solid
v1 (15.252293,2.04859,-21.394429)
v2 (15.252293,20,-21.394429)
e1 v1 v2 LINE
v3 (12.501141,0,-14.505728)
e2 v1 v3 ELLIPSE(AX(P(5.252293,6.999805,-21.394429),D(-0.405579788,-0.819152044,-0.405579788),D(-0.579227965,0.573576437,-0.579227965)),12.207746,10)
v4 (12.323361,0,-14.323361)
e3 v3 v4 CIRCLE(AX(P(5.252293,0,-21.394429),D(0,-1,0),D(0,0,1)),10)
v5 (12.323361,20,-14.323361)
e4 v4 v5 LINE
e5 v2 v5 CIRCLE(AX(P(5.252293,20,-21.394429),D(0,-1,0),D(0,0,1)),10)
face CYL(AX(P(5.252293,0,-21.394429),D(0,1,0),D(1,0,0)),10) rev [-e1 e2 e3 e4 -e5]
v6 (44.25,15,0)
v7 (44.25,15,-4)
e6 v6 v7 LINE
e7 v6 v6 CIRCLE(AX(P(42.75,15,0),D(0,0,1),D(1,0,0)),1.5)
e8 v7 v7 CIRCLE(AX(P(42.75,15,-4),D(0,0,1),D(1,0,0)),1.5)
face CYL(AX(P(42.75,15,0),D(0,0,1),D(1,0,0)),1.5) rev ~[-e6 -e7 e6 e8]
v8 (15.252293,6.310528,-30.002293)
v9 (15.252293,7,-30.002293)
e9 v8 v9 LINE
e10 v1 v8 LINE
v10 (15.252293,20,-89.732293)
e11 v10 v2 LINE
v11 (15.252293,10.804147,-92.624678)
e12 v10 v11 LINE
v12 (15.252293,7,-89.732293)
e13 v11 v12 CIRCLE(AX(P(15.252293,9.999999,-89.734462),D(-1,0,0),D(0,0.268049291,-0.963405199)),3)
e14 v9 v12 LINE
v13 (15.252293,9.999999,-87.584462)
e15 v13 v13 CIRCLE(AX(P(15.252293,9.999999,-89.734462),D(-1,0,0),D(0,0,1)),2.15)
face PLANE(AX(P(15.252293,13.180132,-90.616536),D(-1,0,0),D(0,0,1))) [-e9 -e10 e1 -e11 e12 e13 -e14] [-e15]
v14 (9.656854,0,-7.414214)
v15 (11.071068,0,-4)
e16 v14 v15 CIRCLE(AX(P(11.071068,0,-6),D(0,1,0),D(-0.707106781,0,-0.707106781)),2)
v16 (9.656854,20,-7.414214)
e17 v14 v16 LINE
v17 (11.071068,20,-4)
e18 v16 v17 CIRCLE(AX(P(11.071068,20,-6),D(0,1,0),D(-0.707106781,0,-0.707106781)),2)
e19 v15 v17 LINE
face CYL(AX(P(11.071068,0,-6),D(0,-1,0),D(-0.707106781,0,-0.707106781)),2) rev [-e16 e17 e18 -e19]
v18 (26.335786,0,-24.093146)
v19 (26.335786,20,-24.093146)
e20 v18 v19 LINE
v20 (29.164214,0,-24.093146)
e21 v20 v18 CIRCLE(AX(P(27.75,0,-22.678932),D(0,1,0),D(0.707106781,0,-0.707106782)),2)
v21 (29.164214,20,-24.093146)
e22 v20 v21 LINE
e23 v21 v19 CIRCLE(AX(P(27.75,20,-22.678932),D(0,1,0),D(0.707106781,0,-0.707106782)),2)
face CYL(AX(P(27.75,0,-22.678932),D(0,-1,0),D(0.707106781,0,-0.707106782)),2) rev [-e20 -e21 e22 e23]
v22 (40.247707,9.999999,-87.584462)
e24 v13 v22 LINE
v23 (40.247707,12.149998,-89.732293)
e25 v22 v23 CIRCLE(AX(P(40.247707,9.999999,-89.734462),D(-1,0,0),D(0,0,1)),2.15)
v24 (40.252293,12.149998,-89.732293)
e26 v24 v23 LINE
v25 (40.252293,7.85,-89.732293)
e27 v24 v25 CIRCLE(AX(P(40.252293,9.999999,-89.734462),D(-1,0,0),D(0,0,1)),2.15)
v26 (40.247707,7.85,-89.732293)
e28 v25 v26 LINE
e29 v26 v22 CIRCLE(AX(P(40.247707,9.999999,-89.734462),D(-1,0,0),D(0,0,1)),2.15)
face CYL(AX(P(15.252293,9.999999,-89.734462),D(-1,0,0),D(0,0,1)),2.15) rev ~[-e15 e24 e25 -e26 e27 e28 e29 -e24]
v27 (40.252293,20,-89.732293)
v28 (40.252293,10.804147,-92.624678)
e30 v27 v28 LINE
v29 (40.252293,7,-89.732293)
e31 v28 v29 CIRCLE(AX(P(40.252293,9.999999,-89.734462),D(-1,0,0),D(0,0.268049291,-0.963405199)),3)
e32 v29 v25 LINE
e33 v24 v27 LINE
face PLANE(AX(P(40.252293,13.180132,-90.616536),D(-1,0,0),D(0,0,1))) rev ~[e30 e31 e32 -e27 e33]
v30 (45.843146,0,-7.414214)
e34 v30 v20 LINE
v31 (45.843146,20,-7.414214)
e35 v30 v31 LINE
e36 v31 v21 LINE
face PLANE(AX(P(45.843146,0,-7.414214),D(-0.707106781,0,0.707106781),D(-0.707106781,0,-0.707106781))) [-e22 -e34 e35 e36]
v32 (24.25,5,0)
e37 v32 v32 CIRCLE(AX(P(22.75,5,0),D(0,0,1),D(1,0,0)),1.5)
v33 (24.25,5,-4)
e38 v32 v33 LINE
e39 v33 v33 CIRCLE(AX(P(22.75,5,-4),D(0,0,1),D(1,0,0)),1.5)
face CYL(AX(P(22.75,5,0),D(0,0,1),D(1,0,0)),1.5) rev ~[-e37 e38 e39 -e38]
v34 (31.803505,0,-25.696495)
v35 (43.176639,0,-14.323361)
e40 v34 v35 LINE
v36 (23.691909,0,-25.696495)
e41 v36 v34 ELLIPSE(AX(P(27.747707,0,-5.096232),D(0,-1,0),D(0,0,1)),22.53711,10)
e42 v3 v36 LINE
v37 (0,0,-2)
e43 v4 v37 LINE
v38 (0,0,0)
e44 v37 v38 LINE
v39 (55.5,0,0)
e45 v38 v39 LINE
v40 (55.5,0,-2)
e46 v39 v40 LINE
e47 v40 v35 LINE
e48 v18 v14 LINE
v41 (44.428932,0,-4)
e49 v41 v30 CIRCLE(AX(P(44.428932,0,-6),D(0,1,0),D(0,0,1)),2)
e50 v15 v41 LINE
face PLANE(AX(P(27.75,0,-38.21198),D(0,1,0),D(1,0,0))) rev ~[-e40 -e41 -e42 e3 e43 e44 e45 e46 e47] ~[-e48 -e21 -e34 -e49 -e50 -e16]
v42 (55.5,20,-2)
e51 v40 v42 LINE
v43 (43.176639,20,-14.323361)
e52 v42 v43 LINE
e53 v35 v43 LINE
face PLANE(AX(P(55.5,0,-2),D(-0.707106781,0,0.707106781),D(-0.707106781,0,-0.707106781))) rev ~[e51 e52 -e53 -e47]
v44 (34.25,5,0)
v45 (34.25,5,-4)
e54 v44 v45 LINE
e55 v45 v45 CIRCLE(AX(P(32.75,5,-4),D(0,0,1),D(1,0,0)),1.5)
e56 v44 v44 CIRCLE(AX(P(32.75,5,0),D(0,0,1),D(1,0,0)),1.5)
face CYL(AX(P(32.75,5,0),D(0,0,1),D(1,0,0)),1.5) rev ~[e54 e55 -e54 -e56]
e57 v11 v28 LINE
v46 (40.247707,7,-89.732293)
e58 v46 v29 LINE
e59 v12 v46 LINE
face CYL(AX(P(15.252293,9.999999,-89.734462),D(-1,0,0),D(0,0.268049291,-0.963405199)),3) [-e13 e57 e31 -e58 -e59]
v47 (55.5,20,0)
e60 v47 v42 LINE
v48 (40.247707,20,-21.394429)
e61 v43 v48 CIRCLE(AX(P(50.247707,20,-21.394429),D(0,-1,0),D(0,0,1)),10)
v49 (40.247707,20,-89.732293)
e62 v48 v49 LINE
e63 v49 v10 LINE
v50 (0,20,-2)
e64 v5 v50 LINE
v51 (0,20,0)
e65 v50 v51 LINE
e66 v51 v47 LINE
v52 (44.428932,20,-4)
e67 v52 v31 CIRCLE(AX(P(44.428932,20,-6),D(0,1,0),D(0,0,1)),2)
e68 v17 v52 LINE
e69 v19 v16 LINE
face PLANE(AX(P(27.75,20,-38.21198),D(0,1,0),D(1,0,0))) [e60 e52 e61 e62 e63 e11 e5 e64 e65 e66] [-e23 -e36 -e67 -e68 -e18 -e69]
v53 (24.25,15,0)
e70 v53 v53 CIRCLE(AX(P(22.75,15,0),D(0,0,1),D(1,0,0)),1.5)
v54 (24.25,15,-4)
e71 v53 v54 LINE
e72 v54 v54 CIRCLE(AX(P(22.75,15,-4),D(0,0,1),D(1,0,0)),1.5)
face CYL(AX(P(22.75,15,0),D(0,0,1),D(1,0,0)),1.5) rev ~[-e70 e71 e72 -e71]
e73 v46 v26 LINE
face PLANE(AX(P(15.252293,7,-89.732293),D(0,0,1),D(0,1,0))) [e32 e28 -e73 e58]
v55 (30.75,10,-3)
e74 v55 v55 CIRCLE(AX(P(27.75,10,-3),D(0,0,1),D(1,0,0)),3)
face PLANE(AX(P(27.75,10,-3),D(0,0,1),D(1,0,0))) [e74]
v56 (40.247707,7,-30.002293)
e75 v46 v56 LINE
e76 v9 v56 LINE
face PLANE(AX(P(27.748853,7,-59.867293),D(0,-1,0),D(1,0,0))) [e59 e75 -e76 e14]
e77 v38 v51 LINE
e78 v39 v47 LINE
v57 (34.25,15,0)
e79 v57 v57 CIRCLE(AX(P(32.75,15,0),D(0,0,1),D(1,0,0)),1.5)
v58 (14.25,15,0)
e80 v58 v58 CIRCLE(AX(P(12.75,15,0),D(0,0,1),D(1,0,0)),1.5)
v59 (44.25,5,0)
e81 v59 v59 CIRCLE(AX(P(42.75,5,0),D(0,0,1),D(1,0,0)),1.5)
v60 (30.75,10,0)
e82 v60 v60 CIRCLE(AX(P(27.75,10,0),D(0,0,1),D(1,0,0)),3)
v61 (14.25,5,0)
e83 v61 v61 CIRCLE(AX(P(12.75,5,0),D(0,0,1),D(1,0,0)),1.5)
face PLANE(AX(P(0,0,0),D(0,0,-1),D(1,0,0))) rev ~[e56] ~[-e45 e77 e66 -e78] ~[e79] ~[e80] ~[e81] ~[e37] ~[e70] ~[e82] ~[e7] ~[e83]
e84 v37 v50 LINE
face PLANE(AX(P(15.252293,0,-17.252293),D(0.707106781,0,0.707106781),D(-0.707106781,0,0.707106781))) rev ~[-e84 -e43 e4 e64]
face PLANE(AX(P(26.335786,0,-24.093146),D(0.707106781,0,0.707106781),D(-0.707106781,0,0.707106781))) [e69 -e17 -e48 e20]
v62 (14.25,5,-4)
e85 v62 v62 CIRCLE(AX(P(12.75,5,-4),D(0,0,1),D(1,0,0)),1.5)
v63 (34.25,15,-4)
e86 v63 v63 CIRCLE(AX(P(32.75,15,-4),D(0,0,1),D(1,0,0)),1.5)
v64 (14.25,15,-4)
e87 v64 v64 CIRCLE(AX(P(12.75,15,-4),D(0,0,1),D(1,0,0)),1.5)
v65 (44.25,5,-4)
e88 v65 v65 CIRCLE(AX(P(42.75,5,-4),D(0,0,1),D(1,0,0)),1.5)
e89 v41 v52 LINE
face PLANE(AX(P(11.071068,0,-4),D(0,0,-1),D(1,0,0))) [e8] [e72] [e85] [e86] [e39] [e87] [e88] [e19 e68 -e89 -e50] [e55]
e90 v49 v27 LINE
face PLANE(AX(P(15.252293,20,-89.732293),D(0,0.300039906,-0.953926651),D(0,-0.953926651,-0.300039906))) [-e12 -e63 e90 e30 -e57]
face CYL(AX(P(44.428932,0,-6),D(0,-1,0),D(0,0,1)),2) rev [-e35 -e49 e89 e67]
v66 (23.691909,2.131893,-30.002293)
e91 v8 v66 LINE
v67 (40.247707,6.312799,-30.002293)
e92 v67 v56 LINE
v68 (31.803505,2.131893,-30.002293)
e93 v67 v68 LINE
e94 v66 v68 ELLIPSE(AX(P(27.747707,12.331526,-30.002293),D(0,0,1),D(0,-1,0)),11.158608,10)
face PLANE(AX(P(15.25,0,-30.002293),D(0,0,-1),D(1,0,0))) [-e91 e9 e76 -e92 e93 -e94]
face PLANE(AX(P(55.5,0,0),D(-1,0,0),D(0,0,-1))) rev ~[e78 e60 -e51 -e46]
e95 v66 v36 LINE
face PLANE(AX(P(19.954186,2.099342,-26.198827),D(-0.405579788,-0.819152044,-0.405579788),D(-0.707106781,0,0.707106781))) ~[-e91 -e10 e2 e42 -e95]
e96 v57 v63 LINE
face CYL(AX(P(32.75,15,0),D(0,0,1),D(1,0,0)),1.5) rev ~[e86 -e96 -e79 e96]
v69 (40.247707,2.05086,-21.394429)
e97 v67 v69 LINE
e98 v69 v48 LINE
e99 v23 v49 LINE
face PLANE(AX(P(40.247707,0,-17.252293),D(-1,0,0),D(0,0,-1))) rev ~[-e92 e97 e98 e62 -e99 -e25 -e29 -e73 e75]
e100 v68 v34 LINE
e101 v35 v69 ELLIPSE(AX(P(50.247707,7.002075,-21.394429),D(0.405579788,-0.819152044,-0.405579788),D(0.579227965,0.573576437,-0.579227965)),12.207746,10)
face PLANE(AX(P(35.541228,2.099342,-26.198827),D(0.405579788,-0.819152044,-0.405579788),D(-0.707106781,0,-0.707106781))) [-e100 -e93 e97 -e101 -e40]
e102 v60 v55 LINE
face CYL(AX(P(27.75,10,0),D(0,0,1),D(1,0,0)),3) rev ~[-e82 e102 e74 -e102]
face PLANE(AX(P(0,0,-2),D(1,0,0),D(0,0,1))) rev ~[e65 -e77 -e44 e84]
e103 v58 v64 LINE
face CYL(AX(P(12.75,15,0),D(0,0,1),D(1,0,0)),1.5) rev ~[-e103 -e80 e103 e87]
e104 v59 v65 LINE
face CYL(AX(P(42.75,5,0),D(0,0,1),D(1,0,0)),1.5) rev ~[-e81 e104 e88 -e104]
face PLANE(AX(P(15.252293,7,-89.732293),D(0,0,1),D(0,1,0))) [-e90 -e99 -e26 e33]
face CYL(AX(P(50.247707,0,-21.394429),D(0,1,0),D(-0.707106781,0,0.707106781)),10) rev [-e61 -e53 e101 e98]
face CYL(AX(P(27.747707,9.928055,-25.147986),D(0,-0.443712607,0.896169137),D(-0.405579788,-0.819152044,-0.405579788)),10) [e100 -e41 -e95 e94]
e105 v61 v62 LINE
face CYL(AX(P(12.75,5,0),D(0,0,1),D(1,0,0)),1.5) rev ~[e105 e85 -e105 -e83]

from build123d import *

# Parameters (mm, degrees)
EXTRUDE_1_DEPTH     = 20
SKETCH_2_R          = 1.5
CUT_EXTRUDE_1_DEPTH = 5
SKETCH_3_R          = 3
CUT_EXTRUDE_2_DEPTH = 3
SKETCH_4_W          = 24.99770673
SKETCH_4_H          = 59.73
CUT_EXTRUDE_3_DEPTH = 7
EXTRUDE_2_DEPTH     = 25
SKETCH_6_R          = 2.15
CUT_EXTRUDE_4_DEPTH = 41.24770673
CUT_EXTRUDE_9_DEPTH = 10
FILLET_3_R          = 10
FILLET_4_R          = 10


with BuildPart() as part:
    # 스케치1 → 보스-돌출1 (new body)
    with BuildSketch(Plane(origin=(0, 0, 0), x_dir=(1, 0, 0), z_dir=(0, 1, 0))):
        Polygon((40.24770673, 89.73229327), (15.25229327, 89.73229327), (15.25229327, 17.25229327), (0, 2), (0, 0), (55.5, 0), (55.5, 2), (40.24770673, 17.25229327), align=None)
        with BuildLine():
            Line((11.071067812, 4), (44.428932188, 4))
            ThreePointArc((44.428932188, 4), (46.276691253, 5.234633135), (45.843145751, 7.414213562))
            Line((45.843145751, 7.414213562), (29.164213562, 24.093145751))
            ThreePointArc((29.164213562, 24.093145751), (27.75, 24.678932188), (26.335786438, 24.093145751))
            Line((26.335786438, 24.093145751), (9.656854249, 7.414213562))
            ThreePointArc((9.656854249, 7.414213562), (9.223308747, 5.234633135), (11.071067812, 4))
        make_face(mode=Mode.SUBTRACT)
    extrude(amount=EXTRUDE_1_DEPTH)

    # 스케치2 → 컷-돌출1 (cut)
    with BuildSketch(Plane.XY):
        with Locations((12.75, 15)):
            Circle(SKETCH_2_R)
        with Locations((22.75, 15)):
            Circle(SKETCH_2_R)
        with Locations((32.75, 15)):
            Circle(SKETCH_2_R)
        with Locations((42.75, 15)):
            Circle(SKETCH_2_R)
        with Locations((42.75, 5)):
            Circle(SKETCH_2_R)
        with Locations((32.75, 5)):
            Circle(SKETCH_2_R)
        with Locations((22.75, 5)):
            Circle(SKETCH_2_R)
        with Locations((12.75, 5)):
            Circle(SKETCH_2_R)
    extrude(amount=-CUT_EXTRUDE_1_DEPTH, mode=Mode.SUBTRACT)

    # 스케치3 → 컷-돌출2 (cut)
    with BuildSketch(Plane.XY):
        with Locations((27.75, 10)):
            Circle(SKETCH_3_R)
    extrude(amount=-CUT_EXTRUDE_2_DEPTH, mode=Mode.SUBTRACT)

    # 스케치4 → 컷-돌출3 (cut)
    with BuildSketch(Plane.XZ):
        with Locations((27.748853365, -59.86729327)):
            Rectangle(SKETCH_4_W, SKETCH_4_H)
    extrude(amount=-CUT_EXTRUDE_3_DEPTH, mode=Mode.SUBTRACT)

    # 스케치5 → 보스-돌출2 (add)
    with BuildSketch(Plane.ZY.offset(-15.25229327)):
        with BuildLine():
            Line((-89.73229327, 20), (-92.624677966, 10.804147089))
            ThreePointArc((-92.624677966, 10.804147089), (-92.122576041, 8.184258847), (-89.73229327, 7))
            Line((-89.73229327, 7), (-89.73229327, 20))
        make_face()
    extrude(amount=-EXTRUDE_2_DEPTH)

    # 스케치6 → 컷-돌출4 (cut, through all)
    with BuildSketch(Plane.ZY.offset(-15.25229327)):
        with Locations((-89.734462369, 9.999999216)):
            Circle(SKETCH_6_R)
    extrude(amount=-CUT_EXTRUDE_4_DEPTH, mode=Mode.SUBTRACT)

    # 스케치12 → 컷-돌출9 (cut)
    with BuildSketch(Plane(origin=(9.45846044, -19.103311951, -9.45846044), x_dir=(-0.707106781, 0, -0.707106781), z_dir=(0.405579788, -0.819152044, -0.405579788))):
        Polygon((-16.260212793, 33.305608007), (3.048063237, 33.305608007), (-6.606074778, 45.231574441), align=None)
    cut_extrude_9 = extrude(amount=CUT_EXTRUDE_9_DEPTH, mode=Mode.SUBTRACT)

    # 대칭 복사2: 컷-돌출9 across plane
    add(cut_extrude_9.mirror(Plane(origin=(27.74770673, 0, 0), x_dir=(0, 0, 1), z_dir=(1, 0, 0))), mode=Mode.SUBTRACT)

    # 필렛3
    fillet_3_edges = [part.edges().sort_by_distance(p)[0] for p in [
        (27.74770673, 0.061890187, -29.87729327),
    ]]
    fillet(fillet_3_edges, radius=FILLET_3_R)

    # 필렛4
    fillet_4_edges = [part.edges().sort_by_distance(p)[0] for p in [
        (15.25229327, 10, -17.25229327),
        (40.24770673, 10, -17.25229327),
    ]]
    fillet(fillet_4_edges, radius=FILLET_4_R)


solid = part.part
